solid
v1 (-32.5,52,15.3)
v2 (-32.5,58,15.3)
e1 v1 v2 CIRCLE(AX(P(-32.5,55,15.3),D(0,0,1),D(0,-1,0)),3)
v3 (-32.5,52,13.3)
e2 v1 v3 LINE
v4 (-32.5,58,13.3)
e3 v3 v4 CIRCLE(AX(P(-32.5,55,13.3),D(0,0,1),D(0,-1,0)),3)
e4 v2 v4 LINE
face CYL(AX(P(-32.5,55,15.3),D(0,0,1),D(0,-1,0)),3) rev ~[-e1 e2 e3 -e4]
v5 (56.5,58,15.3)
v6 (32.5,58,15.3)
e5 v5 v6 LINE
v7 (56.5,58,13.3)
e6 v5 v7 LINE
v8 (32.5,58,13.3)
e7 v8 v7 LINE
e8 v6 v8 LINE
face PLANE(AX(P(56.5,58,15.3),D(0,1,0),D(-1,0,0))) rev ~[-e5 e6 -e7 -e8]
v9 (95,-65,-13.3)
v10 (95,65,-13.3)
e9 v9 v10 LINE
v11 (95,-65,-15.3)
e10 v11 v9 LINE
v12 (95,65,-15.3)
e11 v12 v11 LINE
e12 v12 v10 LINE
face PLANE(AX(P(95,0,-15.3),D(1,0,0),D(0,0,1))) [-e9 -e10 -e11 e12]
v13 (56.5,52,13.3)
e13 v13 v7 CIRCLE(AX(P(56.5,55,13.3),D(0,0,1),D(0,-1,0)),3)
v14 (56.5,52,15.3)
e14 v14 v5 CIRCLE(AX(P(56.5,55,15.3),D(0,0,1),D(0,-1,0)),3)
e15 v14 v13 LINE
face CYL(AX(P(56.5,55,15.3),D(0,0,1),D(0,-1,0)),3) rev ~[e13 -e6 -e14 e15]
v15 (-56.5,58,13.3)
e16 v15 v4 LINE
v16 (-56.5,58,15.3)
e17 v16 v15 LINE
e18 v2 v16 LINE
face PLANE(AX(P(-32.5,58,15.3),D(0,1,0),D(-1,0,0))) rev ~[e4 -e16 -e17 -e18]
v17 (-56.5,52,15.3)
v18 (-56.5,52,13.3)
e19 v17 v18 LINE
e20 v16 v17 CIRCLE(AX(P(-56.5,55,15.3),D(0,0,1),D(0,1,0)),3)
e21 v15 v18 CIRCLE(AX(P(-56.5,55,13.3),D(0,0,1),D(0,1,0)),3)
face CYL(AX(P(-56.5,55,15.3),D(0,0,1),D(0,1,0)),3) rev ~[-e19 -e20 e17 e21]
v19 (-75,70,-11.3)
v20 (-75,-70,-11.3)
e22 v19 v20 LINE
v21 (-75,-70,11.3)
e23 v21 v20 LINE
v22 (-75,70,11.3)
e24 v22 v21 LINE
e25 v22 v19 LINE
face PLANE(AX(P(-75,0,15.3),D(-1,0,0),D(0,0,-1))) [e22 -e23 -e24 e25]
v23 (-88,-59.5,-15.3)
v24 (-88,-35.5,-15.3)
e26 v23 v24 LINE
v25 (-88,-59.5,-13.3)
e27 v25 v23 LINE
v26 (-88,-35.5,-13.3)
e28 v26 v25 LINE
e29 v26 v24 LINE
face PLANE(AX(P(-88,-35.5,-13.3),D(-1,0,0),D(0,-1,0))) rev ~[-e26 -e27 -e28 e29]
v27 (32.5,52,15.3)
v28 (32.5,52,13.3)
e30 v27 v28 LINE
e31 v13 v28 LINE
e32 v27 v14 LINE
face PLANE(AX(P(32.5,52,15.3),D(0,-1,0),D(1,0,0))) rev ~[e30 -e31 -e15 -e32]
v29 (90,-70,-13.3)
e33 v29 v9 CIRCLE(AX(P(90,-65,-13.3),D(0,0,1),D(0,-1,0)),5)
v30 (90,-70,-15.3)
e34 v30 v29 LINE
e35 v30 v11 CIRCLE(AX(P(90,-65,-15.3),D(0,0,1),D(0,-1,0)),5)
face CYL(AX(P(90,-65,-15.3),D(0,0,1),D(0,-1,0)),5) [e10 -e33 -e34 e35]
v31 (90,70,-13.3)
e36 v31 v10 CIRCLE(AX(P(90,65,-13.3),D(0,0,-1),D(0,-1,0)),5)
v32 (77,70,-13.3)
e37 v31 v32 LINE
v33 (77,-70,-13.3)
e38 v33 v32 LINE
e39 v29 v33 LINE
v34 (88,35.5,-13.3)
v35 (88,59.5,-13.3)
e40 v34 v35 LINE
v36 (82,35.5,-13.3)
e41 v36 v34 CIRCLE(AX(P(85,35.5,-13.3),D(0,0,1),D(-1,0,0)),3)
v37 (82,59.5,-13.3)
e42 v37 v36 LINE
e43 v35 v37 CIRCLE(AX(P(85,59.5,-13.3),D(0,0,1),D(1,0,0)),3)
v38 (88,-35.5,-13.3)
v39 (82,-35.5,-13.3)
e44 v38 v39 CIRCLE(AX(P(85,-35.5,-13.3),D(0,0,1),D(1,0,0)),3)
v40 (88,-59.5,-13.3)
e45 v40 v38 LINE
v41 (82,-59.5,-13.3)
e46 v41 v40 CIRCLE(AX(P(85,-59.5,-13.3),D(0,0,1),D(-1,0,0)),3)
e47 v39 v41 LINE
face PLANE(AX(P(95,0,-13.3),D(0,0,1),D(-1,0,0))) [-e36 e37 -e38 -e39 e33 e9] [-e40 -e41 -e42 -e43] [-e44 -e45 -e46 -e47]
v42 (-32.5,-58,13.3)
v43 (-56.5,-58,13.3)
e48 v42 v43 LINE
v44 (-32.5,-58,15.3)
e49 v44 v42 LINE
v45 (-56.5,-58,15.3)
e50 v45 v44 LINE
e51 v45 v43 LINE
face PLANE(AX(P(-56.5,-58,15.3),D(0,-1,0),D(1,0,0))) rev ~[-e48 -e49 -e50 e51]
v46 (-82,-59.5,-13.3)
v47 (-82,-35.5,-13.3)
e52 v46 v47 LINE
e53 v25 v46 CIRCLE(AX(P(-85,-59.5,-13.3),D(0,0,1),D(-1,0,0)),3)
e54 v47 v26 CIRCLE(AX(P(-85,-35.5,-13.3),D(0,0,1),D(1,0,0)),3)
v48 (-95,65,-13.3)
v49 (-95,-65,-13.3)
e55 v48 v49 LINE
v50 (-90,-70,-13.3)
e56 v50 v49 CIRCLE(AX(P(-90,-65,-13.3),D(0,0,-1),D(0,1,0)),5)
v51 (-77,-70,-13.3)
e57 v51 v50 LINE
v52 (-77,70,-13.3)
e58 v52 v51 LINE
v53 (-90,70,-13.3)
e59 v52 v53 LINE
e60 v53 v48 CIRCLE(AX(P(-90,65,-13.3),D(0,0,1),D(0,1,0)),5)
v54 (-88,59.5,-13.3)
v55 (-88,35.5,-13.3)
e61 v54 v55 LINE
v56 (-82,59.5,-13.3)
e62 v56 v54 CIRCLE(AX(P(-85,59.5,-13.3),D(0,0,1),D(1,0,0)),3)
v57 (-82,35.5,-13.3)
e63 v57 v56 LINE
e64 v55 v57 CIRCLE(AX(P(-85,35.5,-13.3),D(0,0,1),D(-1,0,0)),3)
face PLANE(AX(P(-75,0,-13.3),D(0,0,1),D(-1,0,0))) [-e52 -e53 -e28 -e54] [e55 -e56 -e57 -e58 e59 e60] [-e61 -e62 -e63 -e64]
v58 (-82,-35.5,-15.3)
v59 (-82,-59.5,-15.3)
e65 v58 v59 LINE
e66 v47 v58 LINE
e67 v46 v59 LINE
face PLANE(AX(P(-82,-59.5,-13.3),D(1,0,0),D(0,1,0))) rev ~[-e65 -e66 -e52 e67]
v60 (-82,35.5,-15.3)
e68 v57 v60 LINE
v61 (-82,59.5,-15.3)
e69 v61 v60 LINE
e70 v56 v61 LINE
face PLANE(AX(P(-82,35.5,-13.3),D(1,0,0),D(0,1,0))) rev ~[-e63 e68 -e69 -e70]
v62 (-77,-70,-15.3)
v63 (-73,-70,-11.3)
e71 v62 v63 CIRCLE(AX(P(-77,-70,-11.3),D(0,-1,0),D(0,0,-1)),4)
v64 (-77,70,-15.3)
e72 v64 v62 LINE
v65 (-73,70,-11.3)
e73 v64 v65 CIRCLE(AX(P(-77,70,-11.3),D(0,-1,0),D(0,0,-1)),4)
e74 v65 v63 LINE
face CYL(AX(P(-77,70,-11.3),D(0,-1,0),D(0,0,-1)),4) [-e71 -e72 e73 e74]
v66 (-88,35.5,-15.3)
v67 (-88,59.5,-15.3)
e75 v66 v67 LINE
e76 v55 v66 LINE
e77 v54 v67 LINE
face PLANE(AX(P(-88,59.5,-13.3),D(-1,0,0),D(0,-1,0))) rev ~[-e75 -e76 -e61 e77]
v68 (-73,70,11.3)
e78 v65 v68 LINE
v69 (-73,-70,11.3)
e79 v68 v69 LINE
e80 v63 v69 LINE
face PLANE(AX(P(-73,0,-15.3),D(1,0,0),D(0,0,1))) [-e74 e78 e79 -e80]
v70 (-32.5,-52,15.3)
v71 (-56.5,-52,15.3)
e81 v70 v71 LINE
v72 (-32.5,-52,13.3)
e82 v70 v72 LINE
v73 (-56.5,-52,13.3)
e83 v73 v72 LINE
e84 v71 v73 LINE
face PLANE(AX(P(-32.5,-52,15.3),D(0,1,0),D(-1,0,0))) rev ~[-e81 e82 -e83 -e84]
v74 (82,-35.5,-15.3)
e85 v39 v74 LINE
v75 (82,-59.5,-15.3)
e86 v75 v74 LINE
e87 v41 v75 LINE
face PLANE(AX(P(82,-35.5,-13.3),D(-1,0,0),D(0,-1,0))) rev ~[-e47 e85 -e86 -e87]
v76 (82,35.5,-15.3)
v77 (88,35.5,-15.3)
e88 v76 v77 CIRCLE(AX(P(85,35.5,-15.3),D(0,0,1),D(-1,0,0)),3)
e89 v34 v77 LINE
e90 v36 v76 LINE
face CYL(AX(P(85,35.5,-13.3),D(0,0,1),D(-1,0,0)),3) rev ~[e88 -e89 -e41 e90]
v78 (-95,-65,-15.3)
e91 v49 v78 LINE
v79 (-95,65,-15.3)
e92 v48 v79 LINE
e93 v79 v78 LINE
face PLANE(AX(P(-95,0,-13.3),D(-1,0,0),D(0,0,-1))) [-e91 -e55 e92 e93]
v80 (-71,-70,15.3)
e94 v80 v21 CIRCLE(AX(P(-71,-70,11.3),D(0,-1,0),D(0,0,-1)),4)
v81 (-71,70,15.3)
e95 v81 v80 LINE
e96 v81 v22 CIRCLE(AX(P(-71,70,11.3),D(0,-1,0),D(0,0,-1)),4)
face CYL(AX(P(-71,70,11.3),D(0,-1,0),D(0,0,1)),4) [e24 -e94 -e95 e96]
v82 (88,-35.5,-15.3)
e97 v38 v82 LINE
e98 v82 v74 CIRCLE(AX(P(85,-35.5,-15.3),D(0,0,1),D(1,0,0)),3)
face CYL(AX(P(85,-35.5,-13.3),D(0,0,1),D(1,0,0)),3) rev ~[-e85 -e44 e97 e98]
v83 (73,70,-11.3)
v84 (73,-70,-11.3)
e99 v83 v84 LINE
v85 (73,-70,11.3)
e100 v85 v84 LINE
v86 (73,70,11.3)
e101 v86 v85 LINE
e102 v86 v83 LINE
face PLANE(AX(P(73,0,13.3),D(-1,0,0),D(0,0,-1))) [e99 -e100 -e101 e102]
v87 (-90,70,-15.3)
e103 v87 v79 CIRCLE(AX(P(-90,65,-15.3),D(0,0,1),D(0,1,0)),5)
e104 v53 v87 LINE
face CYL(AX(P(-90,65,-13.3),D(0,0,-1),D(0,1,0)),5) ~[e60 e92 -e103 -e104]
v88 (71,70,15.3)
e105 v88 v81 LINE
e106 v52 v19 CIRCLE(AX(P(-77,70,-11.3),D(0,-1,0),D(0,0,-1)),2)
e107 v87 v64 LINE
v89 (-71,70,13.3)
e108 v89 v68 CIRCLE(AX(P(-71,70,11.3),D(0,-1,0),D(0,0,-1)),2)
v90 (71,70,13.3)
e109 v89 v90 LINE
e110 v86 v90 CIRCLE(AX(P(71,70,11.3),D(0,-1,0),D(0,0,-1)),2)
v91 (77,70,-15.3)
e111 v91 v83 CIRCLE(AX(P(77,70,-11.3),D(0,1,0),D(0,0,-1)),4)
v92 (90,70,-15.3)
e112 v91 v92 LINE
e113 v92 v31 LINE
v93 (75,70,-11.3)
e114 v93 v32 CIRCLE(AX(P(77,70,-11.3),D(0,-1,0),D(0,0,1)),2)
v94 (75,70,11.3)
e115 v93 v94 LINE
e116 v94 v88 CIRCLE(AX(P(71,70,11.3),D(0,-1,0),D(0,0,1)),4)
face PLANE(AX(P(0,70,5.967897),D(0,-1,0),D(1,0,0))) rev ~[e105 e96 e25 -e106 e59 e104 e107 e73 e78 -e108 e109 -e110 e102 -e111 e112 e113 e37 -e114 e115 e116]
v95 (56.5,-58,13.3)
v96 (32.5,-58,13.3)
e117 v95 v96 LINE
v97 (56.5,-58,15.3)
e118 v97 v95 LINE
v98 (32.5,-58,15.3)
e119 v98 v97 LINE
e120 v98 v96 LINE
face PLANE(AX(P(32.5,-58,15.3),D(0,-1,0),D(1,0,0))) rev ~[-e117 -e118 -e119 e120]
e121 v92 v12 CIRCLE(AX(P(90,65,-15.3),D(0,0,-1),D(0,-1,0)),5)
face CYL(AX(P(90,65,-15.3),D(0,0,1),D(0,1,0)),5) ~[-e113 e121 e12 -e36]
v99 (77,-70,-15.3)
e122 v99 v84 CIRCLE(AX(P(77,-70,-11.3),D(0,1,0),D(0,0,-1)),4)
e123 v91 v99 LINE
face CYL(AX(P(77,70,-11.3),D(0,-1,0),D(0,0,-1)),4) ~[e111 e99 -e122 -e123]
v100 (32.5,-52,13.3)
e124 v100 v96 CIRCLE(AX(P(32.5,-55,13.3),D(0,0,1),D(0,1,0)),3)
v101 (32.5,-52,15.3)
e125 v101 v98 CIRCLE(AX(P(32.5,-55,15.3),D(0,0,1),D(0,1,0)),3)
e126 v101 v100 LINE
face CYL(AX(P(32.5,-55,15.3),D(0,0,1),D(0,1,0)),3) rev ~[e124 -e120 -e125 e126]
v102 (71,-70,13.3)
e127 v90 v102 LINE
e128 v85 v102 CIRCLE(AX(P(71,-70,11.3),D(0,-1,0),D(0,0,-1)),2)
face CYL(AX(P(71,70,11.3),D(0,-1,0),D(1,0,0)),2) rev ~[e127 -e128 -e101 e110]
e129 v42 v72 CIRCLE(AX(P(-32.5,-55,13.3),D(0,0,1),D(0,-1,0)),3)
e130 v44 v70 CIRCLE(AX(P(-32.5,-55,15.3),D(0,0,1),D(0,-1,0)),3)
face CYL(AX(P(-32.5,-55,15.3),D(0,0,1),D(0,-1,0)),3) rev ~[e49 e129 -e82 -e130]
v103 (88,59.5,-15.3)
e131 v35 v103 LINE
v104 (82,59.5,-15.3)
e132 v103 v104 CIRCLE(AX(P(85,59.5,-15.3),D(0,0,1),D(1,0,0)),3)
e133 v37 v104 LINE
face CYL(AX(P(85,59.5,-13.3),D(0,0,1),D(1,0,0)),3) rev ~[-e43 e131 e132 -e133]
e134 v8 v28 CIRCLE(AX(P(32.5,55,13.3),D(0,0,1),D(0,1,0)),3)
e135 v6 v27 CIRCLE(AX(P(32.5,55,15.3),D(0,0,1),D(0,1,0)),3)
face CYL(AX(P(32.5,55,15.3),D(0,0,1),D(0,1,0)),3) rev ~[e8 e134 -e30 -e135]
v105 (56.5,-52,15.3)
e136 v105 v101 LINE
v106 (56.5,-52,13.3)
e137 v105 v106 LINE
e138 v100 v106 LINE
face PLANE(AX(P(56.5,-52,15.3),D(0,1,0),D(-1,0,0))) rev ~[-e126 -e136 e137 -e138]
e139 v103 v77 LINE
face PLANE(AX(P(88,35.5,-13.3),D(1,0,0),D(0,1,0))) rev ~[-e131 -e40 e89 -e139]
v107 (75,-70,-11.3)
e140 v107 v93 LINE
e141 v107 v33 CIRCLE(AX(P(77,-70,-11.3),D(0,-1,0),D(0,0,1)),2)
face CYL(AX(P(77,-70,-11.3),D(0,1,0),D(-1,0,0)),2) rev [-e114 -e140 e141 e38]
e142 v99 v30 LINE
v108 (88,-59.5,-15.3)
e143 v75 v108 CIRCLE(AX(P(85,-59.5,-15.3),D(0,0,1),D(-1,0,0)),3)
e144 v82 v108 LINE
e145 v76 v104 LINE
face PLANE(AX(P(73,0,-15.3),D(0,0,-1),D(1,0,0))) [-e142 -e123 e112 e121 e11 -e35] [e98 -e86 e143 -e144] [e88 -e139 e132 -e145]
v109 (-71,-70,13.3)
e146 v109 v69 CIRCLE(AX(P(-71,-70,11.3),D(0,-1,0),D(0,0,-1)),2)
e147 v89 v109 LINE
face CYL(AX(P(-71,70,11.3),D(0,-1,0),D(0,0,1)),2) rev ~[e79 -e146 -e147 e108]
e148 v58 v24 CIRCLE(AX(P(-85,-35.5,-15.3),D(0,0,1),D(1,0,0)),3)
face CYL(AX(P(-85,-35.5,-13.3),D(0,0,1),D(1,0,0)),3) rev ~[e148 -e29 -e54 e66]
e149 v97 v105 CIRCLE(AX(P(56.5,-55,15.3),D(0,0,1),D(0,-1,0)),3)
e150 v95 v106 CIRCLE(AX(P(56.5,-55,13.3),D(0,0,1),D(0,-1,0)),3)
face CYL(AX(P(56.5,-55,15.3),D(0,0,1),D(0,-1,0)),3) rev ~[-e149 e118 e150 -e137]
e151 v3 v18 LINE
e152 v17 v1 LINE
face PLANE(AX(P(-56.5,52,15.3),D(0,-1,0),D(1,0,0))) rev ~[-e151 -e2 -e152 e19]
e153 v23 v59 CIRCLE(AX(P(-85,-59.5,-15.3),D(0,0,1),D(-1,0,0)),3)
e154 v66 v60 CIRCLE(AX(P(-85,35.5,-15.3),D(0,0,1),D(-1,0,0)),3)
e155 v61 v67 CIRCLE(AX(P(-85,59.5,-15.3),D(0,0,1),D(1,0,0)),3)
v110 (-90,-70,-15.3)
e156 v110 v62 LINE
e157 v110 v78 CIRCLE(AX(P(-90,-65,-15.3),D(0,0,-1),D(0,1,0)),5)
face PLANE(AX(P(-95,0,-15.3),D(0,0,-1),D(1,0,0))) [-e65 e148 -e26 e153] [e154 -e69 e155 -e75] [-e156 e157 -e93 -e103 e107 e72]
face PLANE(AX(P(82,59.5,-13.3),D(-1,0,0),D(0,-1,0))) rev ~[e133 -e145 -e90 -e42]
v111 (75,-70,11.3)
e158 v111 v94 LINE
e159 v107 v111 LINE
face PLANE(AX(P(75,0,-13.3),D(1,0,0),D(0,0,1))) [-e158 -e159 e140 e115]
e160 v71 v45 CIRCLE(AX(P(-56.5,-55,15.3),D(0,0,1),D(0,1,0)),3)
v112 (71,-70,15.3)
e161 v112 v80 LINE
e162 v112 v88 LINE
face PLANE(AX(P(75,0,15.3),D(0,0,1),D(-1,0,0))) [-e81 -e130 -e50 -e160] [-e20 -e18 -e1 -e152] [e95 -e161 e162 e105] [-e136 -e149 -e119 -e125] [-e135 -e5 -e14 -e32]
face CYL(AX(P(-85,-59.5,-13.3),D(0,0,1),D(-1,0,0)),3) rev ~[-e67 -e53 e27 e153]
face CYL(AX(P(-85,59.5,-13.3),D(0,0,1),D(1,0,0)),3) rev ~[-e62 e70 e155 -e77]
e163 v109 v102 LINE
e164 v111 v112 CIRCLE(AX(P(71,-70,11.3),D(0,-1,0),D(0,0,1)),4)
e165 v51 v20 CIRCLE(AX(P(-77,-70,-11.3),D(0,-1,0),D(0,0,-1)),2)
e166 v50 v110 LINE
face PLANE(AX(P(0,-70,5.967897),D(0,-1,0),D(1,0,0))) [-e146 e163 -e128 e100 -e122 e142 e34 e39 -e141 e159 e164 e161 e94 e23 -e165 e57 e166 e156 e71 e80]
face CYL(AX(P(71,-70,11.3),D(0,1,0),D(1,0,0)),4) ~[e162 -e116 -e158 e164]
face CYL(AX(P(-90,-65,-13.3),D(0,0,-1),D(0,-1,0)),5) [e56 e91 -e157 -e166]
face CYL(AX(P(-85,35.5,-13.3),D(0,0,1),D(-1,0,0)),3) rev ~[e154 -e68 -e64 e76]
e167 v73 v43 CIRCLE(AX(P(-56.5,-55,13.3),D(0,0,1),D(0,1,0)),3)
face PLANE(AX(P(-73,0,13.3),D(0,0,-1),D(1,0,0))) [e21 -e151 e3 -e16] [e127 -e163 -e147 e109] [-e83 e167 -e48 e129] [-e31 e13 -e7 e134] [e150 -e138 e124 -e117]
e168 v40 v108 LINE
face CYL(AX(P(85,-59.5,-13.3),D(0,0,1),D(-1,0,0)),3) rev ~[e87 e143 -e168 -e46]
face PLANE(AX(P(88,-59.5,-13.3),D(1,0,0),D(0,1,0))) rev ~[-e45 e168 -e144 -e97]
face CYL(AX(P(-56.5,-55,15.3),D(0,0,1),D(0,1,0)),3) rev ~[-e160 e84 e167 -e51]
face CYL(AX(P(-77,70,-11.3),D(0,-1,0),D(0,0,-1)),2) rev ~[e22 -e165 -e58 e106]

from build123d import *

# Parameters (mm, degrees)
F1_DEPTH = 70
F2_R     = 2
F3_R     = 4
F5_DEPTH = 25
F6_R     = 5
F8_DEPTH = 25


with BuildPart() as f1:
    # F0 (on Front) → F1 (new body, symmetric)
    with BuildSketch(Plane.XZ):
        Polygon((75, 15.3), (-75, 15.3), (-75, -13.3), (-95, -13.3), (-95, -15.3), (-75, -15.3), (-73, -15.3), (-73, -13.3), (-73, 13.3), (73, 13.3), (73, -13.3), (73, -15.3), (75, -15.3), (95, -15.3), (95, -13.3), (75, -13.3), align=None)
    extrude(amount=F1_DEPTH, both=True)

    # F2
    f2_edges = [f1.edges().sort_by_distance(p)[0] for p in [
        (-73, 0, 13.3),
        (73, 0, 13.3),
        (75, 0, -13.3),
        (-75, 0, -13.3),
    ]]
    fillet(f2_edges, radius=F2_R)

    # F3
    f3_edges = [f1.edges().sort_by_distance(p)[0] for p in [
        (-75, 0, 15.3),
        (-73, 0, -15.3),
        (73, 0, -15.3),
        (75, 0, 15.3),
    ]]
    fillet(f3_edges, radius=F3_R)

    # F4 (on face) → F5 (cut)
    with BuildSketch(Plane.XY.offset(-13.3)):
        with BuildLine():
            Line((-82, 35.5), (-82, 59.5))
            ThreePointArc((-82, 59.5), (-85, 62.5), (-88, 59.5))
            Line((-88, 59.5), (-88, 35.5))
            ThreePointArc((-88, 35.5), (-85, 32.5), (-82, 35.5))
        make_face()
        with BuildLine():
            Line((-88, -35.5), (-88, -59.5))
            ThreePointArc((-88, -59.5), (-85, -62.5), (-82, -59.5))
            Line((-82, -59.5), (-82, -35.5))
            ThreePointArc((-82, -35.5), (-85, -32.5), (-88, -35.5))
        make_face()
        with BuildLine():
            Line((82, -35.5), (82, -59.5))
            ThreePointArc((82, -59.5), (85, -62.5), (88, -59.5))
            Line((88, -59.5), (88, -35.5))
            ThreePointArc((88, -35.5), (85, -32.5), (82, -35.5))
        make_face()
        with BuildLine():
            ThreePointArc((88, 59.5), (85, 62.5), (82, 59.5))
            Line((82, 59.5), (82, 35.5))
            ThreePointArc((82, 35.5), (85, 32.5), (88, 35.5))
            Line((88, 35.5), (88, 59.5))
        make_face()
    extrude(amount=-F5_DEPTH, mode=Mode.SUBTRACT)

    # F6
    f6_edges = [f1.edges().sort_by_distance(p)[0] for p in [
        (-95, 70, -14.3),
        (95, 70, -14.3),
        (-95, -70, -14.3),
        (95, -70, -14.3),
    ]]
    fillet(f6_edges, radius=F6_R)

    # F7 (on face) → F8 (cut)
    with BuildSketch(Plane.XY.offset(15.3)):
        with BuildLine():
            Line((-56.5, 52), (-32.5, 52))
            ThreePointArc((-32.5, 52), (-29.5, 55), (-32.5, 58))
            Line((-32.5, 58), (-56.5, 58))
            ThreePointArc((-56.5, 58), (-59.5, 55), (-56.5, 52))
        make_face()
        with BuildLine():
            ThreePointArc((32.5, 58), (29.5, 55), (32.5, 52))
            Line((32.5, 52), (56.5, 52))
            ThreePointArc((56.5, 52), (59.5, 55), (56.5, 58))
            Line((56.5, 58), (32.5, 58))
        make_face()
        with BuildLine():
            Line((32.5, -58), (56.5, -58))
            ThreePointArc((56.5, -58), (59.5, -55), (56.5, -52))
            Line((56.5, -52), (32.5, -52))
            ThreePointArc((32.5, -52), (29.5, -55), (32.5, -58))
        make_face()
        with BuildLine():
            ThreePointArc((-32.5, -58), (-29.5, -55), (-32.5, -52))
            Line((-32.5, -52), (-56.5, -52))
            ThreePointArc((-56.5, -52), (-59.5, -55), (-56.5, -58))
            Line((-56.5, -58), (-32.5, -58))
        make_face()
    extrude(amount=-F8_DEPTH, mode=Mode.SUBTRACT)


solid = f1.part
